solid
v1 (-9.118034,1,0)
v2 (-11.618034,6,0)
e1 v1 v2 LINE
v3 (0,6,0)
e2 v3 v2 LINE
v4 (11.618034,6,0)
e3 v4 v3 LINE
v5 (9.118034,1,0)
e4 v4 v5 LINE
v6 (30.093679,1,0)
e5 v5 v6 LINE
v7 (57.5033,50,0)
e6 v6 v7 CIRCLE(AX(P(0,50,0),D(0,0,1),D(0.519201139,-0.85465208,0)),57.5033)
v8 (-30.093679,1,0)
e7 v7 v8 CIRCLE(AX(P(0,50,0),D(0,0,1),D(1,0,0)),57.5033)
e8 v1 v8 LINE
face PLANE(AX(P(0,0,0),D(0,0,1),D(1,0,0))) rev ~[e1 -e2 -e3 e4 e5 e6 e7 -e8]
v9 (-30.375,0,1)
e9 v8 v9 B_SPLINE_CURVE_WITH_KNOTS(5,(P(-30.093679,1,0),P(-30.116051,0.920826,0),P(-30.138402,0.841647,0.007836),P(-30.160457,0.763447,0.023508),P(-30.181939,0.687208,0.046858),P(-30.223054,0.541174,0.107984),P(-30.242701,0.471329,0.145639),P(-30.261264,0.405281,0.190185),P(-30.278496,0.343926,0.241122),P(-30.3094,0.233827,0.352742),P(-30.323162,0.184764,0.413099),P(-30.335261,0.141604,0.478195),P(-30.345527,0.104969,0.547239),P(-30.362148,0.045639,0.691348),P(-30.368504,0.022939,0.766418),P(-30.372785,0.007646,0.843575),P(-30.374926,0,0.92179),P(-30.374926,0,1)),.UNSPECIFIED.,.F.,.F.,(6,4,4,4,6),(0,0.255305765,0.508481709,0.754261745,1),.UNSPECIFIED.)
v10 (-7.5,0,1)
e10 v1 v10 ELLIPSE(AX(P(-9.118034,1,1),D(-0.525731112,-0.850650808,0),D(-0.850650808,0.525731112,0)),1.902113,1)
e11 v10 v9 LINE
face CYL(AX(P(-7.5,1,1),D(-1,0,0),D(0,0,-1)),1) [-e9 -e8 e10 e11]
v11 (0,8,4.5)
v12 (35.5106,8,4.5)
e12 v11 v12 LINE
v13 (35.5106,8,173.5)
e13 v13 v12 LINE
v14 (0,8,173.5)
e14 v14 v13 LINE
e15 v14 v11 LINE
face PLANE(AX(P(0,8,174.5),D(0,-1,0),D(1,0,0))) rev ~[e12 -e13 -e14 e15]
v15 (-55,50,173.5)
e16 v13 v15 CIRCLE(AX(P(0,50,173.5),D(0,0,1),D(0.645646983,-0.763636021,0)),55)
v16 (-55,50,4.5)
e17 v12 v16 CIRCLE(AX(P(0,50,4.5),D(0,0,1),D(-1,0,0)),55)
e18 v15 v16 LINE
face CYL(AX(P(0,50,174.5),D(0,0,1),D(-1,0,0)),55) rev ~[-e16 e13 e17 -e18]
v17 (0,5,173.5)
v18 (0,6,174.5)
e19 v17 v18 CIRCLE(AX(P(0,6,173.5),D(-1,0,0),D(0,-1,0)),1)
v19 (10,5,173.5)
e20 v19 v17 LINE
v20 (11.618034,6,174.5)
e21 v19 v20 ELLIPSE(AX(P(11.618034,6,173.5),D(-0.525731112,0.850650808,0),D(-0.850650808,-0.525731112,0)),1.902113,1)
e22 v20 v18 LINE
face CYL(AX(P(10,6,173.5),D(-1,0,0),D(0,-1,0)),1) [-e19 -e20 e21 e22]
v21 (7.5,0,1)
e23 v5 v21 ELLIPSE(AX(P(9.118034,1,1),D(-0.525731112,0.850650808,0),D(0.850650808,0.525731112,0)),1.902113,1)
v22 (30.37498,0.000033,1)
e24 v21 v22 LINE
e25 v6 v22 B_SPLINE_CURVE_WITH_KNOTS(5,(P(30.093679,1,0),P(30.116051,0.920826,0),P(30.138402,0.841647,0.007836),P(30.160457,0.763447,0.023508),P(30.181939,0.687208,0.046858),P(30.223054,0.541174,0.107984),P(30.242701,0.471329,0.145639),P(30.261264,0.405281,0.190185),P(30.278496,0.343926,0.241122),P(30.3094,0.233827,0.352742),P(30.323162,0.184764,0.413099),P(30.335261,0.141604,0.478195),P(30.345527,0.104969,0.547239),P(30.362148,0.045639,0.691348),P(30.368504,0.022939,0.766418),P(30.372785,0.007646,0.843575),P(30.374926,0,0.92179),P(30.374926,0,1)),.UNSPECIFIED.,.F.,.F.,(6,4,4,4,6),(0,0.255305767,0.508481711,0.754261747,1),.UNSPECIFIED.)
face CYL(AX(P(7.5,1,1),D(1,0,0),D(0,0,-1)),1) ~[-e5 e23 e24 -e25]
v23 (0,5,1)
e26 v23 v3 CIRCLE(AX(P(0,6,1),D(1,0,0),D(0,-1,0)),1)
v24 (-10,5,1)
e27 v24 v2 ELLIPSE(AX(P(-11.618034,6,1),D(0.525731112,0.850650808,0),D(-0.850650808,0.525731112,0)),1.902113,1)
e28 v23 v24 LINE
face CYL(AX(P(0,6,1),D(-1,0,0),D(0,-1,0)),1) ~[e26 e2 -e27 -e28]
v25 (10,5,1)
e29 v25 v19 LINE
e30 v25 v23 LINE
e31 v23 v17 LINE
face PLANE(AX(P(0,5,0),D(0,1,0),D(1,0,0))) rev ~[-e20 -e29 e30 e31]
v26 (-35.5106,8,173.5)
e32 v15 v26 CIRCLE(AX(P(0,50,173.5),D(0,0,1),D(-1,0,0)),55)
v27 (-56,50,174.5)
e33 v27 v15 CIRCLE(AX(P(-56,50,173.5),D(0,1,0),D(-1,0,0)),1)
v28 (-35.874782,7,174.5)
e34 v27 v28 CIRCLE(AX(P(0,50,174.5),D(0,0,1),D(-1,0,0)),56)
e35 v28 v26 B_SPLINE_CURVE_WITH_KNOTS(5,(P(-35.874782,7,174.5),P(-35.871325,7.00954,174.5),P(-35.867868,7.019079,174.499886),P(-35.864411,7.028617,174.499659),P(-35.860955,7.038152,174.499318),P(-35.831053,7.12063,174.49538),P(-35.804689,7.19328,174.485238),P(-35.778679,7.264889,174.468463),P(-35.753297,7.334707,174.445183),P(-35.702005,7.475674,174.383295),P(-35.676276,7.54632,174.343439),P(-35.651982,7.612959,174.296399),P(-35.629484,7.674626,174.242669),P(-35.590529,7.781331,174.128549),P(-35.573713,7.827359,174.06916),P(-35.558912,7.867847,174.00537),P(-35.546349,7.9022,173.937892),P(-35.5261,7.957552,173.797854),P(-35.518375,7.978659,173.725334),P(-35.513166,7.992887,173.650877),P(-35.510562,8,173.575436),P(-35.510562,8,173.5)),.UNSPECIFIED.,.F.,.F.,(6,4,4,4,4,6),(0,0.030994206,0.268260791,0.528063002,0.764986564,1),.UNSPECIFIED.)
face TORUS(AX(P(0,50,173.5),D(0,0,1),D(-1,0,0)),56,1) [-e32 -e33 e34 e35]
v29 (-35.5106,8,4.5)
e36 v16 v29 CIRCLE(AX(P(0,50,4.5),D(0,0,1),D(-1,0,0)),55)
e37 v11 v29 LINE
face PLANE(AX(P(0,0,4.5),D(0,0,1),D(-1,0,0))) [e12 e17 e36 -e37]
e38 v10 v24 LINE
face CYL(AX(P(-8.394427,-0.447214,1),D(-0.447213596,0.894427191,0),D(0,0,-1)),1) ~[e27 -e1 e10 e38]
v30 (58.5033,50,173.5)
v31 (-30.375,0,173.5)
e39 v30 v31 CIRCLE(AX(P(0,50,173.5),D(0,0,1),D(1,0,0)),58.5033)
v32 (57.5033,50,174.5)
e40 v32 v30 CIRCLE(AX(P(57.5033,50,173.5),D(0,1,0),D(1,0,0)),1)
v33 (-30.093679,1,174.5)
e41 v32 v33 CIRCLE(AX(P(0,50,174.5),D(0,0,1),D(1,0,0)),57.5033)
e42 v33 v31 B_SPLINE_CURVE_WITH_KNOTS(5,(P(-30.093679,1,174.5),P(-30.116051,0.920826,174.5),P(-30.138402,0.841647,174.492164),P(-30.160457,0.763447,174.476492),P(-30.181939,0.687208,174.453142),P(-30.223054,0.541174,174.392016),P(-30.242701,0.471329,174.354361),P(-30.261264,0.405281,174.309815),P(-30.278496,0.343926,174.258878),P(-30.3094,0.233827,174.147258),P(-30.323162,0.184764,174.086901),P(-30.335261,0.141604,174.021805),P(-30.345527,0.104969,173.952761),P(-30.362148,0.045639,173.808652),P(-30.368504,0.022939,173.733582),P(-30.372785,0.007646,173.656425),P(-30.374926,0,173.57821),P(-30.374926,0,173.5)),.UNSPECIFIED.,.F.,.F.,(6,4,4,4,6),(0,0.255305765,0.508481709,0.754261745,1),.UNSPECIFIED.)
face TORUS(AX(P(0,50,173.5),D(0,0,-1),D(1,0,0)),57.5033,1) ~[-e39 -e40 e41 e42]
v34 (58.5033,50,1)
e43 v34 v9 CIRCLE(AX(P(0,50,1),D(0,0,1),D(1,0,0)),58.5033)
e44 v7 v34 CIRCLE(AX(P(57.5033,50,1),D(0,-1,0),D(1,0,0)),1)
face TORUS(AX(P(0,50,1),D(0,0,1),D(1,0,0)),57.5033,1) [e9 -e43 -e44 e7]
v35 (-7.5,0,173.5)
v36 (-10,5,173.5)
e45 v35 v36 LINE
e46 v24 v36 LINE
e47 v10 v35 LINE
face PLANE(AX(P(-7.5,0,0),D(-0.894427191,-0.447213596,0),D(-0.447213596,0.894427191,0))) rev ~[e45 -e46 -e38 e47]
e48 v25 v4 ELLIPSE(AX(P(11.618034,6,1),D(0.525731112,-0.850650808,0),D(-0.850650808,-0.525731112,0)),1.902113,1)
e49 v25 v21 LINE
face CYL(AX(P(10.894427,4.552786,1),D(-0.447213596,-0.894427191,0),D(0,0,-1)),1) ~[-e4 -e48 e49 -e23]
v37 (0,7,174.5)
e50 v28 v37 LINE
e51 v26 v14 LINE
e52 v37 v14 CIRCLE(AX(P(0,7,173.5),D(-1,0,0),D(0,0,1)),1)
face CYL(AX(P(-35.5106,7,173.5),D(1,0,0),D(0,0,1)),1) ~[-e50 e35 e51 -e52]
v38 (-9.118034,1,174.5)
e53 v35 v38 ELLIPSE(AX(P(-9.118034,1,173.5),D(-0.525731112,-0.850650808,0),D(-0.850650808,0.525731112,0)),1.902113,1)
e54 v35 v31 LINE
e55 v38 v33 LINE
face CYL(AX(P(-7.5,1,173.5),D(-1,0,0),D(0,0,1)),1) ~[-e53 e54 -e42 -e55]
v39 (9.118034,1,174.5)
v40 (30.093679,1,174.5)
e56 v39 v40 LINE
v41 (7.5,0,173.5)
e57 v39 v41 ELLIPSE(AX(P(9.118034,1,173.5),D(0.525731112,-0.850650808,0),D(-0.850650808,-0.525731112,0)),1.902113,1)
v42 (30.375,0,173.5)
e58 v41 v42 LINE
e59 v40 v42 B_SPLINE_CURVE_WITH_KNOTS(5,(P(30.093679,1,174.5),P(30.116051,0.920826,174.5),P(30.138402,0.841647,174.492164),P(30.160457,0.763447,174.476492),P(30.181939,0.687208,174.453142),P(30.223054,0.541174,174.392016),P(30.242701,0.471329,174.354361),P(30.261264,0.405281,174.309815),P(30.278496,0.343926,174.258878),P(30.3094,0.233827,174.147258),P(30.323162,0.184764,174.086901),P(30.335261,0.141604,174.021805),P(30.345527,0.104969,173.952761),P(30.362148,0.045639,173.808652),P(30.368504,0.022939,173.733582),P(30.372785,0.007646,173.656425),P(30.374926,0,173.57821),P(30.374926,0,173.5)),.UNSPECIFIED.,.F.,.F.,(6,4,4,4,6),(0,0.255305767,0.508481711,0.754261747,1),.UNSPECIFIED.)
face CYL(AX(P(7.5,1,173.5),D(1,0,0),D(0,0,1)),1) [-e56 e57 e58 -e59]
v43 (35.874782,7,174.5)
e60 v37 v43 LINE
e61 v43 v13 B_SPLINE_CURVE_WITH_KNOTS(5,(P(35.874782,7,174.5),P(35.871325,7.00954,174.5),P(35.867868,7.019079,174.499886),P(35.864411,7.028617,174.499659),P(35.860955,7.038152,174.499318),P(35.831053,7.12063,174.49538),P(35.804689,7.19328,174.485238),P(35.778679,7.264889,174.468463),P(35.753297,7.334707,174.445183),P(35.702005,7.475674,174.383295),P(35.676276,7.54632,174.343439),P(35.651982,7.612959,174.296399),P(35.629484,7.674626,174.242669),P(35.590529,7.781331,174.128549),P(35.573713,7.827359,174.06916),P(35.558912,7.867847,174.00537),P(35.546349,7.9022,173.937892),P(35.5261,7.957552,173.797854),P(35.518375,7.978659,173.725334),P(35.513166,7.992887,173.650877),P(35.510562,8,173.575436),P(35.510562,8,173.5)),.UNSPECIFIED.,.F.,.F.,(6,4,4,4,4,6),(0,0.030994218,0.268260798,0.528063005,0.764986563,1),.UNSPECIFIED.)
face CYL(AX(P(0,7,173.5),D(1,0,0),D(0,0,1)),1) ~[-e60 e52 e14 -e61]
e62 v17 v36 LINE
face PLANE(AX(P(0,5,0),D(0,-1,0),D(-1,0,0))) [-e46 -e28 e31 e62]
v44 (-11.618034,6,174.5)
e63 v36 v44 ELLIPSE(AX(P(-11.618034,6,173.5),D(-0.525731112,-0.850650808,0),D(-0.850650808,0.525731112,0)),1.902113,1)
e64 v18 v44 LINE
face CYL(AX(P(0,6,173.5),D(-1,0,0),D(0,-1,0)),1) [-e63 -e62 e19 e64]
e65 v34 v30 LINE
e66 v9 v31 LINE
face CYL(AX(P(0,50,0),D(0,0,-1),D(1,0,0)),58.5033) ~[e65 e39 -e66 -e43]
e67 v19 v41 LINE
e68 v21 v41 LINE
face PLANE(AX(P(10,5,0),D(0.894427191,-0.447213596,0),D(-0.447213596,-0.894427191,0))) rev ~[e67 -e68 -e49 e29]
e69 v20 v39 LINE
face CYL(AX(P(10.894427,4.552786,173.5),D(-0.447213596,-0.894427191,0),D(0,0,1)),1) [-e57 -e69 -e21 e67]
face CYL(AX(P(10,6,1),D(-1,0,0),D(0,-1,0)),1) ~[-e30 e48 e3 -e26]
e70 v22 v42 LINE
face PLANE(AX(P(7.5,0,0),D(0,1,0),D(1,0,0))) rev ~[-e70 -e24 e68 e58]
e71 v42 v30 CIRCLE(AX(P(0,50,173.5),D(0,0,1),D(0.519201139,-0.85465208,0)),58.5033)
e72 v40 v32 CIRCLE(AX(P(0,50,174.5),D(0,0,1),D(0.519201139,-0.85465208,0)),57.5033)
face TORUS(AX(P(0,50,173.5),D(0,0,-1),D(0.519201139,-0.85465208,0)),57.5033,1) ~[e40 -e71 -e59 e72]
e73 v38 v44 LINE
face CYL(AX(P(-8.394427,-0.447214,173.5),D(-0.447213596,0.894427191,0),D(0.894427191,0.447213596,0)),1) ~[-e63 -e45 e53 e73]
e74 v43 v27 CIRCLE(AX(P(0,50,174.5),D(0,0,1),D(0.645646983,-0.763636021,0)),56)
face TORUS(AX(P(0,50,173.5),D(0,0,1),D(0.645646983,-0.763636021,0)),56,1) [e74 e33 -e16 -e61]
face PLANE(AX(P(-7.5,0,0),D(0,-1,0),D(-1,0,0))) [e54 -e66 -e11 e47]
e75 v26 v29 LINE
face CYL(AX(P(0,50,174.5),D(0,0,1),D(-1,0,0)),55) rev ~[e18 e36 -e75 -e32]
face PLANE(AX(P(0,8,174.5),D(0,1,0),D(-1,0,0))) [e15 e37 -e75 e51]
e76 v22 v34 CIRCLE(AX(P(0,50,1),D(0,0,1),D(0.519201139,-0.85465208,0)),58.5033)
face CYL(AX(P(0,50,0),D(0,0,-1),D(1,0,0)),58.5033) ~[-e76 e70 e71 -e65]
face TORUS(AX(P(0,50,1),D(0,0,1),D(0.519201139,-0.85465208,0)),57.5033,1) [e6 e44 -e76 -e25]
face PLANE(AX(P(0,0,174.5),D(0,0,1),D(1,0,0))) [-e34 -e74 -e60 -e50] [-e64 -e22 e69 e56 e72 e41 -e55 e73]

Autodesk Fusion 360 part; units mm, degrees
sketch "Sketch1" plane through (0, 0, 0) normal (0, 0, 1) x (1, 0, 0)
  line L0 (0, 5) -> (10, 5)
  line L1 (0, 5) -> (-10, 5)
  line L2 (-7.5, 0) -> (-10, 5)
  line L3 (10, 5) -> (7.5, 0)
  line L4 (-7.5, 0) -> (-30.375, 0)
  line L5 (7.5, 0) -> (30.375, 0)
  line L6 (0, 0) -> (0, 50)
  circle A0 centre (0, 50) radius 58.5033
extrude "Extrude1" add sketch "Sketch1" along normal blind 174.5 contours L0 L1 L2 L3 L4 L5 A0 picked at (-15.3089, 35.3909)
sketch "Sketch2" plane through (0, 0, 174.5) normal (0, 0, 1) x (-1, 0, 0)
  line L0 (10, -5) -> (-10, -5)
  line L1 (-10, -5) -> (-7.5, 0)
  line L2 (-7.5, 0) -> (-30.375, 0)
  arc A0 (-30.375, 0) -> (30.375, 0) centre (0, -50) ccw
  line L3 (30.375, 0) -> (7.5, 0)
  line L4 (7.5, 0) -> (10, -5)
  circle A1 centre (0, -50) radius 55
  line L5 (0, -5) -> (0, -8)
  line L6 (0, -8) -> (-35.5106, -8)
  line L7 (0, -8) -> (35.5106, -8)
  dimension "d10" = 3
extrude "Extrude2" cut sketch "Sketch2" against normal blind 170 contours A1 L6 L7
fillet "Fillet1" radius 1 1 faces at (25.2952, 4.3333, 174.5)
fillet "Fillet2" radius 1 1 faces at (-15.3089, 35.3909, 0)
sketch "Sketch3" plane through (0, 0, 0) normal (0, 0, 1) x (1, 0, 0)
  line L0 (-30, 0) -> (30, 0)
  circle A0 centre (0, 50) radius 58.3095
